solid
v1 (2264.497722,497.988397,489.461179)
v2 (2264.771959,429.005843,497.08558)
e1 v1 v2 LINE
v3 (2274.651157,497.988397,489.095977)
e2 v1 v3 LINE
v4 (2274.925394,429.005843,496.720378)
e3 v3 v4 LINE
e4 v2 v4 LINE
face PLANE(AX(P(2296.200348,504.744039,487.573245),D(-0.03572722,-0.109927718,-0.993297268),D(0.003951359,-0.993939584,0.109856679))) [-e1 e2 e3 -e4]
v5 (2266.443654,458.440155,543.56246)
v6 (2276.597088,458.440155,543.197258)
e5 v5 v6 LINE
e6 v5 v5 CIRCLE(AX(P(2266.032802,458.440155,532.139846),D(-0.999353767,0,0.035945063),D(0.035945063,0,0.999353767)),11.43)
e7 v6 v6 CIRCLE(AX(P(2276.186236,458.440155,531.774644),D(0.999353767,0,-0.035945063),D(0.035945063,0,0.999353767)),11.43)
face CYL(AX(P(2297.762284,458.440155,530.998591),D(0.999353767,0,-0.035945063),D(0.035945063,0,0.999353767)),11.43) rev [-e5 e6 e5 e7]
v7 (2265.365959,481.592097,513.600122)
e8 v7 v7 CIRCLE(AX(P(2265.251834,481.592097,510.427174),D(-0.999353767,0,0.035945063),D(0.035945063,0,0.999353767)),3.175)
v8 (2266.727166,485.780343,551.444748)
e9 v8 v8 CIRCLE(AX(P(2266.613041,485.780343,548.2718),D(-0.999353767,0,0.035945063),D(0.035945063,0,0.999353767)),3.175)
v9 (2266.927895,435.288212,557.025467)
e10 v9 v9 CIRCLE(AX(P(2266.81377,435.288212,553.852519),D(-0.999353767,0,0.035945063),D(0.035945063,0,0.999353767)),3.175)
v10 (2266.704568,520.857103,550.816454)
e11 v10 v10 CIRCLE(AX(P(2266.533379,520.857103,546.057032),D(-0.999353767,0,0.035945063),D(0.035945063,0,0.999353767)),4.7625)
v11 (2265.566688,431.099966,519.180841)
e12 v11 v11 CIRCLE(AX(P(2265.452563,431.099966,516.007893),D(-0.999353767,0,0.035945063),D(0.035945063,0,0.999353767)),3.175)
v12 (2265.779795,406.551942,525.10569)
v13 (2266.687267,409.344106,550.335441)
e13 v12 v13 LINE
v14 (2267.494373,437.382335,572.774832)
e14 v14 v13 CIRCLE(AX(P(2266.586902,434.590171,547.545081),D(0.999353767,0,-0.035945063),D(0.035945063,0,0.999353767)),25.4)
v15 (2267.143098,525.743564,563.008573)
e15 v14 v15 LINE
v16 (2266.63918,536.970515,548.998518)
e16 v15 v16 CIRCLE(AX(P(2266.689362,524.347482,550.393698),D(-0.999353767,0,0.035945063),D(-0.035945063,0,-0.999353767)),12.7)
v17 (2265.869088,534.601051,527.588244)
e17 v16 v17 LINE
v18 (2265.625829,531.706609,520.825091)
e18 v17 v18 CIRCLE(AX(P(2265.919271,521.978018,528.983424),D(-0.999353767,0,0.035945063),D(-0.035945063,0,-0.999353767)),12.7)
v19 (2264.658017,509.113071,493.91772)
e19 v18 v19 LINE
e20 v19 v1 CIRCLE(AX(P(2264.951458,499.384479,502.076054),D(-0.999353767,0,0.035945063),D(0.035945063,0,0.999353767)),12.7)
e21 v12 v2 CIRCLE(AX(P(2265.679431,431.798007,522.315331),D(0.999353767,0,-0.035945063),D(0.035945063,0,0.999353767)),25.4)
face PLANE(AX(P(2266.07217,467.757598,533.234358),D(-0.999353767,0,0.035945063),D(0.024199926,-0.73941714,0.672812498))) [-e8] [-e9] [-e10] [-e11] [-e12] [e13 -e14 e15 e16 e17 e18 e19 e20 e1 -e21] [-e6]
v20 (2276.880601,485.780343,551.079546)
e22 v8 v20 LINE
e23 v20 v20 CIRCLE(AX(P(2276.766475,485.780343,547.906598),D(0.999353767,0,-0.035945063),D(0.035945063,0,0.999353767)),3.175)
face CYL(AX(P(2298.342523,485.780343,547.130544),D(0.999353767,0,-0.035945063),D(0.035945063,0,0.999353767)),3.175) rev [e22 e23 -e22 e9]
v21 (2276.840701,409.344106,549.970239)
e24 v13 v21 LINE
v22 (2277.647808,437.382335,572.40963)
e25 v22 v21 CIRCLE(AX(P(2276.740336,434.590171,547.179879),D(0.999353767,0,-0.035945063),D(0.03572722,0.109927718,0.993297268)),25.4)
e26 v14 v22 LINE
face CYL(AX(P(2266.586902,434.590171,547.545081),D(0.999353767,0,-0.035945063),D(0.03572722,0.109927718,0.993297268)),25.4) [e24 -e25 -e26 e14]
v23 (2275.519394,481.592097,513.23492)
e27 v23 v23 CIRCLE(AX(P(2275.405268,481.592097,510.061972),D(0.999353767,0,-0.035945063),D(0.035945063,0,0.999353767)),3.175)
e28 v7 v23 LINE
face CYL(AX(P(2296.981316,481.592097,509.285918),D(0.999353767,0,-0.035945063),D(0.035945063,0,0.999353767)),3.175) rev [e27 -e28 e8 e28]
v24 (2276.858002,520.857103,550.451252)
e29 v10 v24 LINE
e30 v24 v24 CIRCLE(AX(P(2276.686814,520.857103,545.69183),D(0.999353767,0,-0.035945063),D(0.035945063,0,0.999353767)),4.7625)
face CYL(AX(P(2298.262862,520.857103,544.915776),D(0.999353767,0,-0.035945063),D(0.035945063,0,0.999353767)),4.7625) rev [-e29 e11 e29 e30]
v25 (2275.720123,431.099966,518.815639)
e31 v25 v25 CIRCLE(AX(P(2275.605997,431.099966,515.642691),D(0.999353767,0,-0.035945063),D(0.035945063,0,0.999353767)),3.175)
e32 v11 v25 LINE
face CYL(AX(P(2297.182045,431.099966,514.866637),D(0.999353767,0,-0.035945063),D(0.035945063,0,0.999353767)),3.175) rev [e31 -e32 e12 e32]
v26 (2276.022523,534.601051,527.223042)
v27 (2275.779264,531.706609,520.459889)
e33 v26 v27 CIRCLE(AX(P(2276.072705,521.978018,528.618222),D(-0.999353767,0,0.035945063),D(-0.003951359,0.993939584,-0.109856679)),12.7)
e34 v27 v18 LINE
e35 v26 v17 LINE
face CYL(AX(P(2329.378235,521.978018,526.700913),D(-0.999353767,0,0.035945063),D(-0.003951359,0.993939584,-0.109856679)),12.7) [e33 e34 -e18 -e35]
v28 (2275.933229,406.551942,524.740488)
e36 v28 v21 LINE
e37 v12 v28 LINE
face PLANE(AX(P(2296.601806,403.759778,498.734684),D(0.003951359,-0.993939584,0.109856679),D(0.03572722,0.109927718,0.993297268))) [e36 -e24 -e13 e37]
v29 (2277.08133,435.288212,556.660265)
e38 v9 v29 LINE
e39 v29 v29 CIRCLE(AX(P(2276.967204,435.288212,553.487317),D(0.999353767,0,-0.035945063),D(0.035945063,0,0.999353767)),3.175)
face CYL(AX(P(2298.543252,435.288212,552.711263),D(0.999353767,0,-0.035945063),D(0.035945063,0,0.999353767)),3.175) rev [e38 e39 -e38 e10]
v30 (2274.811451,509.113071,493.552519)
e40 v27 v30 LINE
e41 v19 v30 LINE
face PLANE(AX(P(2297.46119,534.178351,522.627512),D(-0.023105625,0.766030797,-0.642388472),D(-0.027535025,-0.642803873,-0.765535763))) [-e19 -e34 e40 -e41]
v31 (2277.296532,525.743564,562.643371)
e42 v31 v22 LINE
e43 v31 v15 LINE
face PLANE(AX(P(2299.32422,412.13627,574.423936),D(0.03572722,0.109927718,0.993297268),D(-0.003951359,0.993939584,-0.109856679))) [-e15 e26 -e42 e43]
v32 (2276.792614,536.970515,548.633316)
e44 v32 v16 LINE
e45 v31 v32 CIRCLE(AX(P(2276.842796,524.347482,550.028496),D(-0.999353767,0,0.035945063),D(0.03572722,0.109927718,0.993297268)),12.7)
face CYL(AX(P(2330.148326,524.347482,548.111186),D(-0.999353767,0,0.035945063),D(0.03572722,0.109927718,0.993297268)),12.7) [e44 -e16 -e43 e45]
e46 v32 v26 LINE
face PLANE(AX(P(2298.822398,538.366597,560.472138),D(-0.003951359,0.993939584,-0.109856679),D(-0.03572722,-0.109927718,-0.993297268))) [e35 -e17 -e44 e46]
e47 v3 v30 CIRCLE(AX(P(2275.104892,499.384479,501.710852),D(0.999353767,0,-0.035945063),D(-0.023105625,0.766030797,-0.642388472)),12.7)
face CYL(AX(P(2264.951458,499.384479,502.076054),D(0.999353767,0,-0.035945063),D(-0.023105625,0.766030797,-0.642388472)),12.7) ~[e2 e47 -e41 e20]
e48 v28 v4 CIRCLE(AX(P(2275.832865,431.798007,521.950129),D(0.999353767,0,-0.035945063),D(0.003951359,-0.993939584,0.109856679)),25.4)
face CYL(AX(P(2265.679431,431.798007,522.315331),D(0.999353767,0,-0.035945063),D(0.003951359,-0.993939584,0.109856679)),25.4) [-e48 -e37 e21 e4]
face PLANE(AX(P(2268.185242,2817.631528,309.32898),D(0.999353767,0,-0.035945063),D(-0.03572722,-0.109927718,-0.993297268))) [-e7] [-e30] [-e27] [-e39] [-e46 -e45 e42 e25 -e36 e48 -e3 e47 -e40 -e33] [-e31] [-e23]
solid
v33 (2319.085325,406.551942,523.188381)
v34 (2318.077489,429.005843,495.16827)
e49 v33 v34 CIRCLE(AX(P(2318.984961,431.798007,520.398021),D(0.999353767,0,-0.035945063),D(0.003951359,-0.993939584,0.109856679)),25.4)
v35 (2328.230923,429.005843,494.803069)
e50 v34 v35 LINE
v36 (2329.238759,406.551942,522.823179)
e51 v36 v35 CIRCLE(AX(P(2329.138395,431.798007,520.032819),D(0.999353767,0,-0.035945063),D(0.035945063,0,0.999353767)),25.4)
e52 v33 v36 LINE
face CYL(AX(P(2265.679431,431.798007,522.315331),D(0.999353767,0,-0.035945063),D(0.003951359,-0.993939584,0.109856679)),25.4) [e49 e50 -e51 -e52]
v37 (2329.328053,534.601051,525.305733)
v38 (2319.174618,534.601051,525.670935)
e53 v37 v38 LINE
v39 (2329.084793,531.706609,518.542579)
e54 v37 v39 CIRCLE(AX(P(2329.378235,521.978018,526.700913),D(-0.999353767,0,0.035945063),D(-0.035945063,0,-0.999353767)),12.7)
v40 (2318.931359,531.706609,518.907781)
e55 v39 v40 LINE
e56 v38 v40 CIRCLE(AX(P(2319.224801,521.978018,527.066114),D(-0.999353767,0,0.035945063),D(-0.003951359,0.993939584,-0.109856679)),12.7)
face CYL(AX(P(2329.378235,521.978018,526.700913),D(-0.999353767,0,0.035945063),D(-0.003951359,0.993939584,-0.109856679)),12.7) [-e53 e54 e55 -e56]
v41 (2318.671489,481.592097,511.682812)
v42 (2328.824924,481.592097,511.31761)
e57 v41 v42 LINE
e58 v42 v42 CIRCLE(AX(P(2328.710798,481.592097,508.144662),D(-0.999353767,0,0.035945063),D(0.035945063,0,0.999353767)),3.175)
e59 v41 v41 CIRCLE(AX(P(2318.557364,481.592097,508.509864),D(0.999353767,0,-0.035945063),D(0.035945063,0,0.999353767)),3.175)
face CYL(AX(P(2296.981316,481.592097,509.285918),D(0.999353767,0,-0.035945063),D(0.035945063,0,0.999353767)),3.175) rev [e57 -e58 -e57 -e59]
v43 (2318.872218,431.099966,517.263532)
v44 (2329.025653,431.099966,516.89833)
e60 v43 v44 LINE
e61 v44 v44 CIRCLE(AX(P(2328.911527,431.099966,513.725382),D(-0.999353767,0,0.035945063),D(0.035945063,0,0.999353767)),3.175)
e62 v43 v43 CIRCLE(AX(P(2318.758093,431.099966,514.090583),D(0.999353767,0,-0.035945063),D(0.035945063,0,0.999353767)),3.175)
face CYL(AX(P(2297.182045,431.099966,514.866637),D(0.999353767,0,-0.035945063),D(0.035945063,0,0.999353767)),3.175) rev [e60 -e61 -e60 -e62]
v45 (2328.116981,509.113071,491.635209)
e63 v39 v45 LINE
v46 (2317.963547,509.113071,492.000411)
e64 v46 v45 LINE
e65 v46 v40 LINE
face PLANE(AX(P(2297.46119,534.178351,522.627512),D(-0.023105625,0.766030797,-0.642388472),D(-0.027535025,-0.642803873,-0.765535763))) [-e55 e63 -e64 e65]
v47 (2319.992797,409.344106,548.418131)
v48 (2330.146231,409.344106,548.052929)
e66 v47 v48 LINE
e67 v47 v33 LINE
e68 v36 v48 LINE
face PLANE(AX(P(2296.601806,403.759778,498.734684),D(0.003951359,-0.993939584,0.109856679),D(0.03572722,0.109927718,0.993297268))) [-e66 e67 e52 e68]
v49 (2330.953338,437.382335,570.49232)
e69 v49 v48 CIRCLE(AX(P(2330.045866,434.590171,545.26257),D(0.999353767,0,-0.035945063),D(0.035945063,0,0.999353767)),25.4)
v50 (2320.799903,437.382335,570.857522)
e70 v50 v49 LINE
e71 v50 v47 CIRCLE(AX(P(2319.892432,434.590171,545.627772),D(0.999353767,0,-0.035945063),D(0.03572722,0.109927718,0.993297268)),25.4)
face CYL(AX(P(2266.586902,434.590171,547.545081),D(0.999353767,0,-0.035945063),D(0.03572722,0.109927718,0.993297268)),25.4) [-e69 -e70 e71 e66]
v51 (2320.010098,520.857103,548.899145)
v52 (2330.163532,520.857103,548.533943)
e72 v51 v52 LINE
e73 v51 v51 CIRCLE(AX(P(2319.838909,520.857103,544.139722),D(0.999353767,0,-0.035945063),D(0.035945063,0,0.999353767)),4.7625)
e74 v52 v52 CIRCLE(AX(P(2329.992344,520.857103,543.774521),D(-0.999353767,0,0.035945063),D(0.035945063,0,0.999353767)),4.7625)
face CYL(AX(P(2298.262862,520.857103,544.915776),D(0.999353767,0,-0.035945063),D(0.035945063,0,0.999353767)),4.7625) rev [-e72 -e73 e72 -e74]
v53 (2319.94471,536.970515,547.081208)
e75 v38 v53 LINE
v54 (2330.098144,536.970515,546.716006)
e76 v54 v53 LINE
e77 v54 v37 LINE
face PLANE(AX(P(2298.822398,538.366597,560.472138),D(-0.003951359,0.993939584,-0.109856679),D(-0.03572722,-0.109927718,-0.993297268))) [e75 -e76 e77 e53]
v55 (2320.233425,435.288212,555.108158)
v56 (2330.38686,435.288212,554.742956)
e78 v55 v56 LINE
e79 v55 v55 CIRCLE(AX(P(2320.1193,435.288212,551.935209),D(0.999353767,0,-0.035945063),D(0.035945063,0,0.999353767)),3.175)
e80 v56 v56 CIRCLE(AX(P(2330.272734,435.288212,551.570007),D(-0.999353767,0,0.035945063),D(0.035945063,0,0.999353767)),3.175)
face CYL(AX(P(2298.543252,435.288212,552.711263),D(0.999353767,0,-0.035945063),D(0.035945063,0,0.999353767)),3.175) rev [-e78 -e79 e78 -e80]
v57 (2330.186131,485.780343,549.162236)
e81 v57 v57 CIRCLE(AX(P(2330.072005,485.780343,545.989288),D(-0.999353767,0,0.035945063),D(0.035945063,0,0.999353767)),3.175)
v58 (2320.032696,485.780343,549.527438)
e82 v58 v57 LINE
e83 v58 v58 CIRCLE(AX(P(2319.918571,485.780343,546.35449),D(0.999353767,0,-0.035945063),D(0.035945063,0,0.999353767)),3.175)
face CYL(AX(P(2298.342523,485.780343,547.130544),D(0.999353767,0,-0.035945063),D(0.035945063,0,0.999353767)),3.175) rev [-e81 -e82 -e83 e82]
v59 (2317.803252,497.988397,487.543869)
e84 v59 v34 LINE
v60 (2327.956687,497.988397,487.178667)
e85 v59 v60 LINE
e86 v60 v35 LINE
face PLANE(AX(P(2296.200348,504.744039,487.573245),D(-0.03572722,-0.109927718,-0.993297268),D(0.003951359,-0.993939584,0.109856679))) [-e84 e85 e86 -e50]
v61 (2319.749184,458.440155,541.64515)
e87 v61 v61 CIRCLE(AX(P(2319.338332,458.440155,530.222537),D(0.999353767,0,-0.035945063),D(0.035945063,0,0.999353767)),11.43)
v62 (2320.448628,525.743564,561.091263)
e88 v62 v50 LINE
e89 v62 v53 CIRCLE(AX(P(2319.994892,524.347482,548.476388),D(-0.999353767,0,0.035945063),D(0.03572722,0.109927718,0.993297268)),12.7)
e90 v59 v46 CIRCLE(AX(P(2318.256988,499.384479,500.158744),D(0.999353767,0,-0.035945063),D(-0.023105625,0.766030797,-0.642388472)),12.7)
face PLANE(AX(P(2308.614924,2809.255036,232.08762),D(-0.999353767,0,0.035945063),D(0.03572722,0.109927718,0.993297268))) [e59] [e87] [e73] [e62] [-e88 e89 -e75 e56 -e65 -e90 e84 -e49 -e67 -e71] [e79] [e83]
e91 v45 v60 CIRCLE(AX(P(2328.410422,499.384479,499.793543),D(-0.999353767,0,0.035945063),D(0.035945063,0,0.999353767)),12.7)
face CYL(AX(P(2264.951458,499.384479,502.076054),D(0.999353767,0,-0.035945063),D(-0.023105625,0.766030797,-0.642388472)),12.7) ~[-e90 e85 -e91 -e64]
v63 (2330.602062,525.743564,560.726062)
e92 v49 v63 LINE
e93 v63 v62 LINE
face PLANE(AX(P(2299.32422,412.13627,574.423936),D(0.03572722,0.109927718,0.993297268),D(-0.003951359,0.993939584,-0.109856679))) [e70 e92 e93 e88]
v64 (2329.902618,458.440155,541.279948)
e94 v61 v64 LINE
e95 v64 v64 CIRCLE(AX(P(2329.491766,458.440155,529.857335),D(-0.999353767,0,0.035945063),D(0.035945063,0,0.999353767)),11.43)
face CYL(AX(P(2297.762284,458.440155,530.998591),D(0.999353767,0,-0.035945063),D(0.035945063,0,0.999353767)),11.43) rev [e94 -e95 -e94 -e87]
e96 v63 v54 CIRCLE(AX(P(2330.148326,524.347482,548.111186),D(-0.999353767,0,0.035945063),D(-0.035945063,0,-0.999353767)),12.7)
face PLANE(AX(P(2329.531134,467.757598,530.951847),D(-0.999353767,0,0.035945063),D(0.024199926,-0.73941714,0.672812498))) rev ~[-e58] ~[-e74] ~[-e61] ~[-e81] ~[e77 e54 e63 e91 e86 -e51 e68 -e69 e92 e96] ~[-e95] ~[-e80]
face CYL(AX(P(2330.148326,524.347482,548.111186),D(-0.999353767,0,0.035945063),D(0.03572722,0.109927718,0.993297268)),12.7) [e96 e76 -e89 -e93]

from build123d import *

# Parameters (mm, degrees)
SKETCH2_R               = 4.7625
SKETCH2_R_2             = 3.175
SKETCH2_R_3             = 11.43
BOSS_EXTRUDE1_DEPTH     = 31.75
FILLET1_R               = 25.4
FILLET3_R               = 12.7
CUT_EXTRUDE1_DEPTH      = 2420.162449584
CUT_EXTRUDE1_DEPTH_BACK = 2420.162449584


with BuildPart() as part:
    # Sketch2 → Boss-Extrude1 (new, symmetric)
    with BuildSketch(Plane(origin=(2275.719022847, 0, -81.853759117), x_dir=(0.02419992607999972, -0.7394171395677195, 0.6728124978708514), z_dir=(-0.9993537674319818, 0, 0.03594506251913508))):
        Polygon((137.38245748, 763.046514622), (34.646501725, 837.707906218), (12.248084246, 806.887119491), (10.396857918, 761.134054446), (92.585622522, 701.404941169), align=None)
        with Locations((37.11326636, 814.409603855)):
            Circle(SKETCH2_R, mode=Mode.SUBTRACT)
        with Locations((64.541675287, 792.432956216)):
            Circle(SKETCH2_R_2, mode=Mode.SUBTRACT)
        with Locations((105.636057589, 762.568399578)):
            Circle(SKETCH2_R_2, mode=Mode.SUBTRACT)
        with Locations((83.237640111, 731.747612851)):
            Circle(SKETCH2_R_2, mode=Mode.SUBTRACT)
        with Locations((42.143257808, 761.61216949)):
            Circle(SKETCH2_R_2, mode=Mode.SUBTRACT)
        with Locations((73.889657699, 762.090284534)):
            Circle(SKETCH2_R_3, mode=Mode.SUBTRACT)
    extrude(amount=BOSS_EXTRUDE1_DEPTH, both=True)

    # Fillet1
    fillet1_edges = [part.edges().sort_by_distance(p)[0] for p in [
        (2296.601805866, 403.759777726, 498.73468398),
        (2299.324220067, 412.136269845, 574.423935798),
    ]]
    fillet(fillet1_edges, radius=FILLET1_R)

    # Fillet3
    fillet3_edges = [part.edges().sort_by_distance(p)[0] for p in [
        (2296.200347822, 504.744039468, 487.573245371),
        (2297.461190412, 534.178350963, 522.627511627),
        (2298.822397513, 538.366597022, 560.472137536),
    ]]
    fillet(fillet3_edges, radius=FILLET3_R)

    # Sketch3 → Cut-Extrude1 (cut, two sides: drawn at the far end of the back side and taken through both)
    with BuildSketch(Plane(origin=(-1.333381219, 335.403711787, -37.071003677), x_dir=(0.9999921696711004, 0.00395135039134013, -0.000217776422413385), z_dir=(0.003951358699527253, -0.9939395840765799, 0.10985667922390137)).offset(-CUT_EXTRUDE1_DEPTH_BACK)):
        Polygon((2276.494558522, 540.348010985), (2319.646654317, 538.795906449), (2322.385662322, 614.946663734), (2279.233566526, 616.498768271), align=None)
    extrude(amount=CUT_EXTRUDE1_DEPTH + CUT_EXTRUDE1_DEPTH_BACK, mode=Mode.SUBTRACT)


with BuildPart() as cut_extrude1_piece_1:
    # of the separate pieces the step leaves, piece 1, a body of its own (cut_extrude1_pieces)
    add(part.part.solids().sort_by_distance((2330.602061884, 525.743564305, 560.726061627))[0])


with BuildPart() as cut_extrude1_piece_2:
    # of the separate pieces the step leaves, piece 2, a body of its own (cut_extrude1_pieces)
    add(part.part.solids().sort_by_distance((2277.647807718, 437.38233528, 572.409630045))[0])


solid = Compound([cut_extrude1_piece_1.part, cut_extrude1_piece_2.part])
